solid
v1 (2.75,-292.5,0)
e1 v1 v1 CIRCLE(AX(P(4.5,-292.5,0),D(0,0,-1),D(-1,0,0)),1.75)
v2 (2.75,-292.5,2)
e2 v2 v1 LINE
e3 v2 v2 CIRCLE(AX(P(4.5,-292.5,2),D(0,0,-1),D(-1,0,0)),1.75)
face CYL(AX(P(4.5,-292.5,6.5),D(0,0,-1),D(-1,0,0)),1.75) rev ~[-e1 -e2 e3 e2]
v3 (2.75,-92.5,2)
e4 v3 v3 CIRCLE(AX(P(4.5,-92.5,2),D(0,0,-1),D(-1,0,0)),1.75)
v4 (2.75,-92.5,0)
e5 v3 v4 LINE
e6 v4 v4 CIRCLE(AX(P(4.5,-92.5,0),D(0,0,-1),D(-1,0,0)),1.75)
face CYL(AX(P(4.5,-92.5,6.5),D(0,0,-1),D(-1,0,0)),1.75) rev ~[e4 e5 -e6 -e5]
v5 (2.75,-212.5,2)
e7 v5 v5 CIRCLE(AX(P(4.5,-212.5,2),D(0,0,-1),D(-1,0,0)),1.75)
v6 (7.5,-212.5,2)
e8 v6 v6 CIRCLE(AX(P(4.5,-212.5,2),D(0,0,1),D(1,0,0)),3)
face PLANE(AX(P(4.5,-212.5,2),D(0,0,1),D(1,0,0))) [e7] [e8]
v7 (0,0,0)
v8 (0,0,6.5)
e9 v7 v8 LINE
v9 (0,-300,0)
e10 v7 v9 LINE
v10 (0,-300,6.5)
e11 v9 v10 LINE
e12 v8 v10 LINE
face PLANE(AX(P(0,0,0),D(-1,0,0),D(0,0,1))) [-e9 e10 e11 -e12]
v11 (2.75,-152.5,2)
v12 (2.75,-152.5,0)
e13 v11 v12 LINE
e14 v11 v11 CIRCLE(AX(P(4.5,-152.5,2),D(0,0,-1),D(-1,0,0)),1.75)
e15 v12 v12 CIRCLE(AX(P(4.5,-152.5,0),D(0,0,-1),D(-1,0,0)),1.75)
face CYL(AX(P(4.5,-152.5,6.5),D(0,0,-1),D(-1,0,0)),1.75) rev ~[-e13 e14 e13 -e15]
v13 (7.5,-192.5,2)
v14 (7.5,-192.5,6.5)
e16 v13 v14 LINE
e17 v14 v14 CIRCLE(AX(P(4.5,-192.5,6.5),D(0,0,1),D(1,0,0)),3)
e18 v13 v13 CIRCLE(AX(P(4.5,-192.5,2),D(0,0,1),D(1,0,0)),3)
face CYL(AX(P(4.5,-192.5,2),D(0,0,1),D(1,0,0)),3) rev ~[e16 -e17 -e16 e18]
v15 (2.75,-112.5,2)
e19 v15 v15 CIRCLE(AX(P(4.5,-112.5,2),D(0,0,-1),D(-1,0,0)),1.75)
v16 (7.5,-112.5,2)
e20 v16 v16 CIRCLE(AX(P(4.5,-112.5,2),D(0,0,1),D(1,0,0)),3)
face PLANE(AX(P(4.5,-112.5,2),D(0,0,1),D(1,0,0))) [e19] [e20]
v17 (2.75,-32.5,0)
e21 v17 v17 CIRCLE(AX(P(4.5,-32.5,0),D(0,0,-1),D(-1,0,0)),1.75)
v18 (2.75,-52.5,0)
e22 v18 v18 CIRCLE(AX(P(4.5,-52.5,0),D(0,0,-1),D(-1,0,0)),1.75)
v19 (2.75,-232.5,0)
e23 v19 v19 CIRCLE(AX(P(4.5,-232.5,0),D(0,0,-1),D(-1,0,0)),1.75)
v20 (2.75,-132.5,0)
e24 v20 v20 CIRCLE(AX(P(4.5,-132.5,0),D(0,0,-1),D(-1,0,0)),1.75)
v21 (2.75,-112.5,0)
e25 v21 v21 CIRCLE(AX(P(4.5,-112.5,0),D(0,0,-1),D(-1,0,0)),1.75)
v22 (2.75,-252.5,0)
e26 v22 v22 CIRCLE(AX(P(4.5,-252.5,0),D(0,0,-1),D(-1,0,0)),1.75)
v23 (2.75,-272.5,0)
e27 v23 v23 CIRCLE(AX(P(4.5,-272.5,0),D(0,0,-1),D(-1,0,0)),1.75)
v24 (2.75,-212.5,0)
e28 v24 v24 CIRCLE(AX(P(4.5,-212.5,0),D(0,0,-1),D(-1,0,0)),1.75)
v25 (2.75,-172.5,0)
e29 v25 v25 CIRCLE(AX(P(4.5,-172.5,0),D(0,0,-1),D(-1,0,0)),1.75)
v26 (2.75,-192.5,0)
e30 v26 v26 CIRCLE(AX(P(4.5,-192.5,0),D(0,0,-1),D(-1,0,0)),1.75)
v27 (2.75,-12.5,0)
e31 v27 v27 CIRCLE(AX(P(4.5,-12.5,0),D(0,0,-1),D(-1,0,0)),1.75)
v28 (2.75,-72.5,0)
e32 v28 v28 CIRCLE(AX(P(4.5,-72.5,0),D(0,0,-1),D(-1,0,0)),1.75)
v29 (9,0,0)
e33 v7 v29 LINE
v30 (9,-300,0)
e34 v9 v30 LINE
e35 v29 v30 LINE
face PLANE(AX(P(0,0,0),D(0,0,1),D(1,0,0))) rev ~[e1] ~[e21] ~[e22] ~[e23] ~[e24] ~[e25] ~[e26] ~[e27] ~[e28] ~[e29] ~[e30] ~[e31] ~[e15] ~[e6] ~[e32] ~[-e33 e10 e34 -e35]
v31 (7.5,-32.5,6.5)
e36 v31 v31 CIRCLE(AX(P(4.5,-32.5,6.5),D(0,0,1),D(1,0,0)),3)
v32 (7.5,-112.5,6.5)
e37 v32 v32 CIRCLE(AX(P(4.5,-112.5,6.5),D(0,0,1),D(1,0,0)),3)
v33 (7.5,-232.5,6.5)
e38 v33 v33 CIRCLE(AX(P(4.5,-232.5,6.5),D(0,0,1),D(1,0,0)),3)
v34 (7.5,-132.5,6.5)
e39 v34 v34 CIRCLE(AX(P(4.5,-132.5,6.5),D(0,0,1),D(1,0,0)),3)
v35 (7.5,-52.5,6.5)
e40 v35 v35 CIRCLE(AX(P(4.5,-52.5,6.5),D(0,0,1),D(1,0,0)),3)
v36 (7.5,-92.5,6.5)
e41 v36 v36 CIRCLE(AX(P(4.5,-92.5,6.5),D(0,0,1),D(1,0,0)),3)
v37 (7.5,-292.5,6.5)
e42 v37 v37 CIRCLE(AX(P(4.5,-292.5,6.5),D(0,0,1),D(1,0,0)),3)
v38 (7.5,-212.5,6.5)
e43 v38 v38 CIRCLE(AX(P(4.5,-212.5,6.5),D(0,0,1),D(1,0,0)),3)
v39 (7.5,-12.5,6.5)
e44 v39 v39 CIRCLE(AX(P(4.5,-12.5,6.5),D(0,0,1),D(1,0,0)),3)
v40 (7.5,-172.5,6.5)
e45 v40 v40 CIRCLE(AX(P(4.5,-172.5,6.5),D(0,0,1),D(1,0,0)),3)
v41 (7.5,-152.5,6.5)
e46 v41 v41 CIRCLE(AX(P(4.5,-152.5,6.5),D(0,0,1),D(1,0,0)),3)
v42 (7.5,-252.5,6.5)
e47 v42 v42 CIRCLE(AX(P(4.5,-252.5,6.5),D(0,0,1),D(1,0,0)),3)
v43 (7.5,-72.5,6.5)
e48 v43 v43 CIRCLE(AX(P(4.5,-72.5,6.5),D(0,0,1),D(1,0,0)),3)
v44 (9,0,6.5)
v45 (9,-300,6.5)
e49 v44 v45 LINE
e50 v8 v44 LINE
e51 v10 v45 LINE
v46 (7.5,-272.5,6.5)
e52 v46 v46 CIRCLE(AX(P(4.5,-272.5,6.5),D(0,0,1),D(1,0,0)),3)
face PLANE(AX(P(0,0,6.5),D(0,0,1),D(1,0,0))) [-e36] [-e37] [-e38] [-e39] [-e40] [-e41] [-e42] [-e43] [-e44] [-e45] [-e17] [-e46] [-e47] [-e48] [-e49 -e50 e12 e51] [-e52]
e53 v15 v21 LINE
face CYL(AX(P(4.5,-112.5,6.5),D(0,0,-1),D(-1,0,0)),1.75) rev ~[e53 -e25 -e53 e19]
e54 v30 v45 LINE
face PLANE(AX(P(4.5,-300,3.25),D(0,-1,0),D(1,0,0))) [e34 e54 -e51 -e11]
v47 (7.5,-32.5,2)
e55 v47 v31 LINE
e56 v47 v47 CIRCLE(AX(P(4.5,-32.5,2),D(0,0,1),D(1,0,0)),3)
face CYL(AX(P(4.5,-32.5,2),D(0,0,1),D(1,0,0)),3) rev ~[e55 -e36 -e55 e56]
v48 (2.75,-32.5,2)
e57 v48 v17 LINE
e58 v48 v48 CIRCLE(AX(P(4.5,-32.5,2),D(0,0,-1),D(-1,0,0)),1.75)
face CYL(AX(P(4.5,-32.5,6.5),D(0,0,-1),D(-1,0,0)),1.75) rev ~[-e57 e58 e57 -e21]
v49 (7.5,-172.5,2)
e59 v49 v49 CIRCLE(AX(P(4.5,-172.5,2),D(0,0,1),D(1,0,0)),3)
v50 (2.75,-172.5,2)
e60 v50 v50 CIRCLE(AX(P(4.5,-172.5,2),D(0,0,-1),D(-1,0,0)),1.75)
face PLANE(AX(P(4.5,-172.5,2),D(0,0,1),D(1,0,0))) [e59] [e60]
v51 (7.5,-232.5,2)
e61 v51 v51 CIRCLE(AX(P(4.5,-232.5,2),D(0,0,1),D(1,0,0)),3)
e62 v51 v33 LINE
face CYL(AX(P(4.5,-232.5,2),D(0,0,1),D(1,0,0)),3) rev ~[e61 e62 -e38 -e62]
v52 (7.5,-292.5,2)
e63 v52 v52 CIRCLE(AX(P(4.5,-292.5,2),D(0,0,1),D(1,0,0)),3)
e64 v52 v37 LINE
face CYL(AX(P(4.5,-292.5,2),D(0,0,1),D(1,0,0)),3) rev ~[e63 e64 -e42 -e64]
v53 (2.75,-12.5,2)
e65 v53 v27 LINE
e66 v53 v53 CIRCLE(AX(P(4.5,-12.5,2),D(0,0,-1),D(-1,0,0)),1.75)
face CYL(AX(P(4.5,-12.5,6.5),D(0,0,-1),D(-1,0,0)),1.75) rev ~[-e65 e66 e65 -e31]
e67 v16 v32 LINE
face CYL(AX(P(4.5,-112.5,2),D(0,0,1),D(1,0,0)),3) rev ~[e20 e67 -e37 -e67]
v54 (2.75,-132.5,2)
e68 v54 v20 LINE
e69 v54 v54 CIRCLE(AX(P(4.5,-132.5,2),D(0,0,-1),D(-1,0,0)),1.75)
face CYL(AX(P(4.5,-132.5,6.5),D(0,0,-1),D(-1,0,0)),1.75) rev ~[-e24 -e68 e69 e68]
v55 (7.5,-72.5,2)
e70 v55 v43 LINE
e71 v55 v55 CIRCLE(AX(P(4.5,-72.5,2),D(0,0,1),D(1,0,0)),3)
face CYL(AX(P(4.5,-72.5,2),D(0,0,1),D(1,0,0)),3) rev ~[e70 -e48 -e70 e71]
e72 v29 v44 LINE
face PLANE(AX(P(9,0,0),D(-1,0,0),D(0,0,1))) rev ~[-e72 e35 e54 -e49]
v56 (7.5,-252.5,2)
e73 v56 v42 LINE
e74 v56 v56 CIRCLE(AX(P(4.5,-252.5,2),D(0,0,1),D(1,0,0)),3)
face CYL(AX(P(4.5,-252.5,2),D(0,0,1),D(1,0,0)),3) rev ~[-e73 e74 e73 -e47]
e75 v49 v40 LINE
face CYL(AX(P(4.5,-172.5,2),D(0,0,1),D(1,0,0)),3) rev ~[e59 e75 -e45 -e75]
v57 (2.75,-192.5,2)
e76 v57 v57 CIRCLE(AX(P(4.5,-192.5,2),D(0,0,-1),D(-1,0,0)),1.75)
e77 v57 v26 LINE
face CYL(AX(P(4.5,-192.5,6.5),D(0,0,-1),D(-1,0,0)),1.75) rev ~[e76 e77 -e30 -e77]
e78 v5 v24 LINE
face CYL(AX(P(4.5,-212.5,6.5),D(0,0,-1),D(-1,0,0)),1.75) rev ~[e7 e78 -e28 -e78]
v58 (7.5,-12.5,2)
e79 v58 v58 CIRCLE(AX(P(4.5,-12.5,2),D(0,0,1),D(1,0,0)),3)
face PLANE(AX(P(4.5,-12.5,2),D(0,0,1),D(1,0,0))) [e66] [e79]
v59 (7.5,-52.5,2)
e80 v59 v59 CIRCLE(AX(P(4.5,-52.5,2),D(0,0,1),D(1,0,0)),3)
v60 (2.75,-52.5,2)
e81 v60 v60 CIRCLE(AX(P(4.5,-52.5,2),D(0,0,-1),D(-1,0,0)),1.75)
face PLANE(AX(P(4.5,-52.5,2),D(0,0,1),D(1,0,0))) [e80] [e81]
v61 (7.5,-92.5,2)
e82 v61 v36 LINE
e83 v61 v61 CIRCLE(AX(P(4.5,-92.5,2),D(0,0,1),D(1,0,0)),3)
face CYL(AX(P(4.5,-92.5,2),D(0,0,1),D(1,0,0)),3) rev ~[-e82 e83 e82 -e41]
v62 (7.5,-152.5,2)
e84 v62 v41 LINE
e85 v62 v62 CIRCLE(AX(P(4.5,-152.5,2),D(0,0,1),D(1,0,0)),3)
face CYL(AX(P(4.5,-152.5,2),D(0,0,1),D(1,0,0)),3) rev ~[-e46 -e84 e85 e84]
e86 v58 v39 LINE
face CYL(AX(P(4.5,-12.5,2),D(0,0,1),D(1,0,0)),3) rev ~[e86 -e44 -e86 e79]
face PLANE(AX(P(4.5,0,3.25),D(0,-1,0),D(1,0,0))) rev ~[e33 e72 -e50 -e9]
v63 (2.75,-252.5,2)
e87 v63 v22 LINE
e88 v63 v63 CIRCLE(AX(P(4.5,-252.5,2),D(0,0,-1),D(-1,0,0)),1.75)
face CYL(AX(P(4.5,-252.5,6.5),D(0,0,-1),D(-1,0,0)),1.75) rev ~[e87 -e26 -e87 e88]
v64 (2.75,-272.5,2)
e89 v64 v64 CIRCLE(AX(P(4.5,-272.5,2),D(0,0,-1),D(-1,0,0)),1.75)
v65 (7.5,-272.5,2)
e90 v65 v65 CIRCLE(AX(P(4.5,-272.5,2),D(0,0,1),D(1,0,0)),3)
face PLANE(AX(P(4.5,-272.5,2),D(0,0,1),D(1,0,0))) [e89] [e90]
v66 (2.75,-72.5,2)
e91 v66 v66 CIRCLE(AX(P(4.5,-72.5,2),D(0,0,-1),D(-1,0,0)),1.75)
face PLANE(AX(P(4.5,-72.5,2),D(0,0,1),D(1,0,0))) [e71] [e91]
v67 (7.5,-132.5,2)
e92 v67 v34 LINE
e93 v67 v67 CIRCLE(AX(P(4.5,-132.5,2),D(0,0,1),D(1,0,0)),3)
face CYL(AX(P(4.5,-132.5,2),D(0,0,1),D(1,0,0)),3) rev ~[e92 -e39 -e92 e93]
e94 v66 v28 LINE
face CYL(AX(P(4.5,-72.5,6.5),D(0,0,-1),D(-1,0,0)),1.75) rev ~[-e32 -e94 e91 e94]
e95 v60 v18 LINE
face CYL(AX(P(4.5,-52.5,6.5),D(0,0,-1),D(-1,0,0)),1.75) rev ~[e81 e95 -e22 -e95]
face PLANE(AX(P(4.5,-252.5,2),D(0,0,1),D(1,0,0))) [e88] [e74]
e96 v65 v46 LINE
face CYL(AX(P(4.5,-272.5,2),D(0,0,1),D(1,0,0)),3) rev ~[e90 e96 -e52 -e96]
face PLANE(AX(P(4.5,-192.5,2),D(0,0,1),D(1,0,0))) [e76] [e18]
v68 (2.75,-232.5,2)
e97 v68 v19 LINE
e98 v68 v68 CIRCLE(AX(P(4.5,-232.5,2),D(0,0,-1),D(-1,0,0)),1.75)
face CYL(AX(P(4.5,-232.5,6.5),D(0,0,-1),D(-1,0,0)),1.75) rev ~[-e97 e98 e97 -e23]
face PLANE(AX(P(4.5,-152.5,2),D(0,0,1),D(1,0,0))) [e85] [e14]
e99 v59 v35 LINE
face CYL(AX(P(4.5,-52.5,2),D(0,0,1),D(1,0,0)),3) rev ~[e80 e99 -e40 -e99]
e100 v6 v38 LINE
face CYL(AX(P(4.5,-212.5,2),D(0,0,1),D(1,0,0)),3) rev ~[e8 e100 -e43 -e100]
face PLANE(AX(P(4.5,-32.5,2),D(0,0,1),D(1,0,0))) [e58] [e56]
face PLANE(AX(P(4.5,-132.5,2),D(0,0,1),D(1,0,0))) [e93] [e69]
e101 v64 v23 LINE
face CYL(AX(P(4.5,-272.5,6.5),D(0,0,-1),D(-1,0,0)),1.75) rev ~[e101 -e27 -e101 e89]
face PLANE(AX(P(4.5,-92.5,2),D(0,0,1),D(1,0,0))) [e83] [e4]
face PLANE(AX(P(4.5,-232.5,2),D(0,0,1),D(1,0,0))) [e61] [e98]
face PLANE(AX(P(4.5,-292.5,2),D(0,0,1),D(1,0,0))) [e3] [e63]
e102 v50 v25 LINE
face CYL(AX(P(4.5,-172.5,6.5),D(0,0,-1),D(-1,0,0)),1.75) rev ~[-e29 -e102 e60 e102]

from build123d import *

# Parameters (mm, degrees)
F0_W           = 9
F0_H           = 6.5
F1_DEPTH       = 300
F3_D           = 3.5
F3_CBORE_D     = 6
F3_CBORE_DEPTH = 4.5


with BuildPart() as f1:
    # F0 (on Front) → F1 (new body)
    with BuildSketch(Plane.XZ):
        with Locations((4.5, 3.25)):
            Rectangle(F0_W, F0_H)
    extrude(amount=F1_DEPTH)

    # F3 (through all)
    with Locations(Plane.XY.offset(6.5)):
        with Locations((4.5, -292.5), (4.5, -272.5), (4.5, -252.5), (4.5, -232.5), (4.5, -212.5), (4.5, -192.5), (4.5, -172.5), (4.5, -152.5), (4.5, -132.5), (4.5, -112.5), (4.5, -92.5), (4.5, -72.5), (4.5, -52.5), (4.5, -32.5), (4.5, -12.5)):
            CounterBoreHole(F3_D / 2, F3_CBORE_D / 2, F3_CBORE_DEPTH)


solid = f1.part
